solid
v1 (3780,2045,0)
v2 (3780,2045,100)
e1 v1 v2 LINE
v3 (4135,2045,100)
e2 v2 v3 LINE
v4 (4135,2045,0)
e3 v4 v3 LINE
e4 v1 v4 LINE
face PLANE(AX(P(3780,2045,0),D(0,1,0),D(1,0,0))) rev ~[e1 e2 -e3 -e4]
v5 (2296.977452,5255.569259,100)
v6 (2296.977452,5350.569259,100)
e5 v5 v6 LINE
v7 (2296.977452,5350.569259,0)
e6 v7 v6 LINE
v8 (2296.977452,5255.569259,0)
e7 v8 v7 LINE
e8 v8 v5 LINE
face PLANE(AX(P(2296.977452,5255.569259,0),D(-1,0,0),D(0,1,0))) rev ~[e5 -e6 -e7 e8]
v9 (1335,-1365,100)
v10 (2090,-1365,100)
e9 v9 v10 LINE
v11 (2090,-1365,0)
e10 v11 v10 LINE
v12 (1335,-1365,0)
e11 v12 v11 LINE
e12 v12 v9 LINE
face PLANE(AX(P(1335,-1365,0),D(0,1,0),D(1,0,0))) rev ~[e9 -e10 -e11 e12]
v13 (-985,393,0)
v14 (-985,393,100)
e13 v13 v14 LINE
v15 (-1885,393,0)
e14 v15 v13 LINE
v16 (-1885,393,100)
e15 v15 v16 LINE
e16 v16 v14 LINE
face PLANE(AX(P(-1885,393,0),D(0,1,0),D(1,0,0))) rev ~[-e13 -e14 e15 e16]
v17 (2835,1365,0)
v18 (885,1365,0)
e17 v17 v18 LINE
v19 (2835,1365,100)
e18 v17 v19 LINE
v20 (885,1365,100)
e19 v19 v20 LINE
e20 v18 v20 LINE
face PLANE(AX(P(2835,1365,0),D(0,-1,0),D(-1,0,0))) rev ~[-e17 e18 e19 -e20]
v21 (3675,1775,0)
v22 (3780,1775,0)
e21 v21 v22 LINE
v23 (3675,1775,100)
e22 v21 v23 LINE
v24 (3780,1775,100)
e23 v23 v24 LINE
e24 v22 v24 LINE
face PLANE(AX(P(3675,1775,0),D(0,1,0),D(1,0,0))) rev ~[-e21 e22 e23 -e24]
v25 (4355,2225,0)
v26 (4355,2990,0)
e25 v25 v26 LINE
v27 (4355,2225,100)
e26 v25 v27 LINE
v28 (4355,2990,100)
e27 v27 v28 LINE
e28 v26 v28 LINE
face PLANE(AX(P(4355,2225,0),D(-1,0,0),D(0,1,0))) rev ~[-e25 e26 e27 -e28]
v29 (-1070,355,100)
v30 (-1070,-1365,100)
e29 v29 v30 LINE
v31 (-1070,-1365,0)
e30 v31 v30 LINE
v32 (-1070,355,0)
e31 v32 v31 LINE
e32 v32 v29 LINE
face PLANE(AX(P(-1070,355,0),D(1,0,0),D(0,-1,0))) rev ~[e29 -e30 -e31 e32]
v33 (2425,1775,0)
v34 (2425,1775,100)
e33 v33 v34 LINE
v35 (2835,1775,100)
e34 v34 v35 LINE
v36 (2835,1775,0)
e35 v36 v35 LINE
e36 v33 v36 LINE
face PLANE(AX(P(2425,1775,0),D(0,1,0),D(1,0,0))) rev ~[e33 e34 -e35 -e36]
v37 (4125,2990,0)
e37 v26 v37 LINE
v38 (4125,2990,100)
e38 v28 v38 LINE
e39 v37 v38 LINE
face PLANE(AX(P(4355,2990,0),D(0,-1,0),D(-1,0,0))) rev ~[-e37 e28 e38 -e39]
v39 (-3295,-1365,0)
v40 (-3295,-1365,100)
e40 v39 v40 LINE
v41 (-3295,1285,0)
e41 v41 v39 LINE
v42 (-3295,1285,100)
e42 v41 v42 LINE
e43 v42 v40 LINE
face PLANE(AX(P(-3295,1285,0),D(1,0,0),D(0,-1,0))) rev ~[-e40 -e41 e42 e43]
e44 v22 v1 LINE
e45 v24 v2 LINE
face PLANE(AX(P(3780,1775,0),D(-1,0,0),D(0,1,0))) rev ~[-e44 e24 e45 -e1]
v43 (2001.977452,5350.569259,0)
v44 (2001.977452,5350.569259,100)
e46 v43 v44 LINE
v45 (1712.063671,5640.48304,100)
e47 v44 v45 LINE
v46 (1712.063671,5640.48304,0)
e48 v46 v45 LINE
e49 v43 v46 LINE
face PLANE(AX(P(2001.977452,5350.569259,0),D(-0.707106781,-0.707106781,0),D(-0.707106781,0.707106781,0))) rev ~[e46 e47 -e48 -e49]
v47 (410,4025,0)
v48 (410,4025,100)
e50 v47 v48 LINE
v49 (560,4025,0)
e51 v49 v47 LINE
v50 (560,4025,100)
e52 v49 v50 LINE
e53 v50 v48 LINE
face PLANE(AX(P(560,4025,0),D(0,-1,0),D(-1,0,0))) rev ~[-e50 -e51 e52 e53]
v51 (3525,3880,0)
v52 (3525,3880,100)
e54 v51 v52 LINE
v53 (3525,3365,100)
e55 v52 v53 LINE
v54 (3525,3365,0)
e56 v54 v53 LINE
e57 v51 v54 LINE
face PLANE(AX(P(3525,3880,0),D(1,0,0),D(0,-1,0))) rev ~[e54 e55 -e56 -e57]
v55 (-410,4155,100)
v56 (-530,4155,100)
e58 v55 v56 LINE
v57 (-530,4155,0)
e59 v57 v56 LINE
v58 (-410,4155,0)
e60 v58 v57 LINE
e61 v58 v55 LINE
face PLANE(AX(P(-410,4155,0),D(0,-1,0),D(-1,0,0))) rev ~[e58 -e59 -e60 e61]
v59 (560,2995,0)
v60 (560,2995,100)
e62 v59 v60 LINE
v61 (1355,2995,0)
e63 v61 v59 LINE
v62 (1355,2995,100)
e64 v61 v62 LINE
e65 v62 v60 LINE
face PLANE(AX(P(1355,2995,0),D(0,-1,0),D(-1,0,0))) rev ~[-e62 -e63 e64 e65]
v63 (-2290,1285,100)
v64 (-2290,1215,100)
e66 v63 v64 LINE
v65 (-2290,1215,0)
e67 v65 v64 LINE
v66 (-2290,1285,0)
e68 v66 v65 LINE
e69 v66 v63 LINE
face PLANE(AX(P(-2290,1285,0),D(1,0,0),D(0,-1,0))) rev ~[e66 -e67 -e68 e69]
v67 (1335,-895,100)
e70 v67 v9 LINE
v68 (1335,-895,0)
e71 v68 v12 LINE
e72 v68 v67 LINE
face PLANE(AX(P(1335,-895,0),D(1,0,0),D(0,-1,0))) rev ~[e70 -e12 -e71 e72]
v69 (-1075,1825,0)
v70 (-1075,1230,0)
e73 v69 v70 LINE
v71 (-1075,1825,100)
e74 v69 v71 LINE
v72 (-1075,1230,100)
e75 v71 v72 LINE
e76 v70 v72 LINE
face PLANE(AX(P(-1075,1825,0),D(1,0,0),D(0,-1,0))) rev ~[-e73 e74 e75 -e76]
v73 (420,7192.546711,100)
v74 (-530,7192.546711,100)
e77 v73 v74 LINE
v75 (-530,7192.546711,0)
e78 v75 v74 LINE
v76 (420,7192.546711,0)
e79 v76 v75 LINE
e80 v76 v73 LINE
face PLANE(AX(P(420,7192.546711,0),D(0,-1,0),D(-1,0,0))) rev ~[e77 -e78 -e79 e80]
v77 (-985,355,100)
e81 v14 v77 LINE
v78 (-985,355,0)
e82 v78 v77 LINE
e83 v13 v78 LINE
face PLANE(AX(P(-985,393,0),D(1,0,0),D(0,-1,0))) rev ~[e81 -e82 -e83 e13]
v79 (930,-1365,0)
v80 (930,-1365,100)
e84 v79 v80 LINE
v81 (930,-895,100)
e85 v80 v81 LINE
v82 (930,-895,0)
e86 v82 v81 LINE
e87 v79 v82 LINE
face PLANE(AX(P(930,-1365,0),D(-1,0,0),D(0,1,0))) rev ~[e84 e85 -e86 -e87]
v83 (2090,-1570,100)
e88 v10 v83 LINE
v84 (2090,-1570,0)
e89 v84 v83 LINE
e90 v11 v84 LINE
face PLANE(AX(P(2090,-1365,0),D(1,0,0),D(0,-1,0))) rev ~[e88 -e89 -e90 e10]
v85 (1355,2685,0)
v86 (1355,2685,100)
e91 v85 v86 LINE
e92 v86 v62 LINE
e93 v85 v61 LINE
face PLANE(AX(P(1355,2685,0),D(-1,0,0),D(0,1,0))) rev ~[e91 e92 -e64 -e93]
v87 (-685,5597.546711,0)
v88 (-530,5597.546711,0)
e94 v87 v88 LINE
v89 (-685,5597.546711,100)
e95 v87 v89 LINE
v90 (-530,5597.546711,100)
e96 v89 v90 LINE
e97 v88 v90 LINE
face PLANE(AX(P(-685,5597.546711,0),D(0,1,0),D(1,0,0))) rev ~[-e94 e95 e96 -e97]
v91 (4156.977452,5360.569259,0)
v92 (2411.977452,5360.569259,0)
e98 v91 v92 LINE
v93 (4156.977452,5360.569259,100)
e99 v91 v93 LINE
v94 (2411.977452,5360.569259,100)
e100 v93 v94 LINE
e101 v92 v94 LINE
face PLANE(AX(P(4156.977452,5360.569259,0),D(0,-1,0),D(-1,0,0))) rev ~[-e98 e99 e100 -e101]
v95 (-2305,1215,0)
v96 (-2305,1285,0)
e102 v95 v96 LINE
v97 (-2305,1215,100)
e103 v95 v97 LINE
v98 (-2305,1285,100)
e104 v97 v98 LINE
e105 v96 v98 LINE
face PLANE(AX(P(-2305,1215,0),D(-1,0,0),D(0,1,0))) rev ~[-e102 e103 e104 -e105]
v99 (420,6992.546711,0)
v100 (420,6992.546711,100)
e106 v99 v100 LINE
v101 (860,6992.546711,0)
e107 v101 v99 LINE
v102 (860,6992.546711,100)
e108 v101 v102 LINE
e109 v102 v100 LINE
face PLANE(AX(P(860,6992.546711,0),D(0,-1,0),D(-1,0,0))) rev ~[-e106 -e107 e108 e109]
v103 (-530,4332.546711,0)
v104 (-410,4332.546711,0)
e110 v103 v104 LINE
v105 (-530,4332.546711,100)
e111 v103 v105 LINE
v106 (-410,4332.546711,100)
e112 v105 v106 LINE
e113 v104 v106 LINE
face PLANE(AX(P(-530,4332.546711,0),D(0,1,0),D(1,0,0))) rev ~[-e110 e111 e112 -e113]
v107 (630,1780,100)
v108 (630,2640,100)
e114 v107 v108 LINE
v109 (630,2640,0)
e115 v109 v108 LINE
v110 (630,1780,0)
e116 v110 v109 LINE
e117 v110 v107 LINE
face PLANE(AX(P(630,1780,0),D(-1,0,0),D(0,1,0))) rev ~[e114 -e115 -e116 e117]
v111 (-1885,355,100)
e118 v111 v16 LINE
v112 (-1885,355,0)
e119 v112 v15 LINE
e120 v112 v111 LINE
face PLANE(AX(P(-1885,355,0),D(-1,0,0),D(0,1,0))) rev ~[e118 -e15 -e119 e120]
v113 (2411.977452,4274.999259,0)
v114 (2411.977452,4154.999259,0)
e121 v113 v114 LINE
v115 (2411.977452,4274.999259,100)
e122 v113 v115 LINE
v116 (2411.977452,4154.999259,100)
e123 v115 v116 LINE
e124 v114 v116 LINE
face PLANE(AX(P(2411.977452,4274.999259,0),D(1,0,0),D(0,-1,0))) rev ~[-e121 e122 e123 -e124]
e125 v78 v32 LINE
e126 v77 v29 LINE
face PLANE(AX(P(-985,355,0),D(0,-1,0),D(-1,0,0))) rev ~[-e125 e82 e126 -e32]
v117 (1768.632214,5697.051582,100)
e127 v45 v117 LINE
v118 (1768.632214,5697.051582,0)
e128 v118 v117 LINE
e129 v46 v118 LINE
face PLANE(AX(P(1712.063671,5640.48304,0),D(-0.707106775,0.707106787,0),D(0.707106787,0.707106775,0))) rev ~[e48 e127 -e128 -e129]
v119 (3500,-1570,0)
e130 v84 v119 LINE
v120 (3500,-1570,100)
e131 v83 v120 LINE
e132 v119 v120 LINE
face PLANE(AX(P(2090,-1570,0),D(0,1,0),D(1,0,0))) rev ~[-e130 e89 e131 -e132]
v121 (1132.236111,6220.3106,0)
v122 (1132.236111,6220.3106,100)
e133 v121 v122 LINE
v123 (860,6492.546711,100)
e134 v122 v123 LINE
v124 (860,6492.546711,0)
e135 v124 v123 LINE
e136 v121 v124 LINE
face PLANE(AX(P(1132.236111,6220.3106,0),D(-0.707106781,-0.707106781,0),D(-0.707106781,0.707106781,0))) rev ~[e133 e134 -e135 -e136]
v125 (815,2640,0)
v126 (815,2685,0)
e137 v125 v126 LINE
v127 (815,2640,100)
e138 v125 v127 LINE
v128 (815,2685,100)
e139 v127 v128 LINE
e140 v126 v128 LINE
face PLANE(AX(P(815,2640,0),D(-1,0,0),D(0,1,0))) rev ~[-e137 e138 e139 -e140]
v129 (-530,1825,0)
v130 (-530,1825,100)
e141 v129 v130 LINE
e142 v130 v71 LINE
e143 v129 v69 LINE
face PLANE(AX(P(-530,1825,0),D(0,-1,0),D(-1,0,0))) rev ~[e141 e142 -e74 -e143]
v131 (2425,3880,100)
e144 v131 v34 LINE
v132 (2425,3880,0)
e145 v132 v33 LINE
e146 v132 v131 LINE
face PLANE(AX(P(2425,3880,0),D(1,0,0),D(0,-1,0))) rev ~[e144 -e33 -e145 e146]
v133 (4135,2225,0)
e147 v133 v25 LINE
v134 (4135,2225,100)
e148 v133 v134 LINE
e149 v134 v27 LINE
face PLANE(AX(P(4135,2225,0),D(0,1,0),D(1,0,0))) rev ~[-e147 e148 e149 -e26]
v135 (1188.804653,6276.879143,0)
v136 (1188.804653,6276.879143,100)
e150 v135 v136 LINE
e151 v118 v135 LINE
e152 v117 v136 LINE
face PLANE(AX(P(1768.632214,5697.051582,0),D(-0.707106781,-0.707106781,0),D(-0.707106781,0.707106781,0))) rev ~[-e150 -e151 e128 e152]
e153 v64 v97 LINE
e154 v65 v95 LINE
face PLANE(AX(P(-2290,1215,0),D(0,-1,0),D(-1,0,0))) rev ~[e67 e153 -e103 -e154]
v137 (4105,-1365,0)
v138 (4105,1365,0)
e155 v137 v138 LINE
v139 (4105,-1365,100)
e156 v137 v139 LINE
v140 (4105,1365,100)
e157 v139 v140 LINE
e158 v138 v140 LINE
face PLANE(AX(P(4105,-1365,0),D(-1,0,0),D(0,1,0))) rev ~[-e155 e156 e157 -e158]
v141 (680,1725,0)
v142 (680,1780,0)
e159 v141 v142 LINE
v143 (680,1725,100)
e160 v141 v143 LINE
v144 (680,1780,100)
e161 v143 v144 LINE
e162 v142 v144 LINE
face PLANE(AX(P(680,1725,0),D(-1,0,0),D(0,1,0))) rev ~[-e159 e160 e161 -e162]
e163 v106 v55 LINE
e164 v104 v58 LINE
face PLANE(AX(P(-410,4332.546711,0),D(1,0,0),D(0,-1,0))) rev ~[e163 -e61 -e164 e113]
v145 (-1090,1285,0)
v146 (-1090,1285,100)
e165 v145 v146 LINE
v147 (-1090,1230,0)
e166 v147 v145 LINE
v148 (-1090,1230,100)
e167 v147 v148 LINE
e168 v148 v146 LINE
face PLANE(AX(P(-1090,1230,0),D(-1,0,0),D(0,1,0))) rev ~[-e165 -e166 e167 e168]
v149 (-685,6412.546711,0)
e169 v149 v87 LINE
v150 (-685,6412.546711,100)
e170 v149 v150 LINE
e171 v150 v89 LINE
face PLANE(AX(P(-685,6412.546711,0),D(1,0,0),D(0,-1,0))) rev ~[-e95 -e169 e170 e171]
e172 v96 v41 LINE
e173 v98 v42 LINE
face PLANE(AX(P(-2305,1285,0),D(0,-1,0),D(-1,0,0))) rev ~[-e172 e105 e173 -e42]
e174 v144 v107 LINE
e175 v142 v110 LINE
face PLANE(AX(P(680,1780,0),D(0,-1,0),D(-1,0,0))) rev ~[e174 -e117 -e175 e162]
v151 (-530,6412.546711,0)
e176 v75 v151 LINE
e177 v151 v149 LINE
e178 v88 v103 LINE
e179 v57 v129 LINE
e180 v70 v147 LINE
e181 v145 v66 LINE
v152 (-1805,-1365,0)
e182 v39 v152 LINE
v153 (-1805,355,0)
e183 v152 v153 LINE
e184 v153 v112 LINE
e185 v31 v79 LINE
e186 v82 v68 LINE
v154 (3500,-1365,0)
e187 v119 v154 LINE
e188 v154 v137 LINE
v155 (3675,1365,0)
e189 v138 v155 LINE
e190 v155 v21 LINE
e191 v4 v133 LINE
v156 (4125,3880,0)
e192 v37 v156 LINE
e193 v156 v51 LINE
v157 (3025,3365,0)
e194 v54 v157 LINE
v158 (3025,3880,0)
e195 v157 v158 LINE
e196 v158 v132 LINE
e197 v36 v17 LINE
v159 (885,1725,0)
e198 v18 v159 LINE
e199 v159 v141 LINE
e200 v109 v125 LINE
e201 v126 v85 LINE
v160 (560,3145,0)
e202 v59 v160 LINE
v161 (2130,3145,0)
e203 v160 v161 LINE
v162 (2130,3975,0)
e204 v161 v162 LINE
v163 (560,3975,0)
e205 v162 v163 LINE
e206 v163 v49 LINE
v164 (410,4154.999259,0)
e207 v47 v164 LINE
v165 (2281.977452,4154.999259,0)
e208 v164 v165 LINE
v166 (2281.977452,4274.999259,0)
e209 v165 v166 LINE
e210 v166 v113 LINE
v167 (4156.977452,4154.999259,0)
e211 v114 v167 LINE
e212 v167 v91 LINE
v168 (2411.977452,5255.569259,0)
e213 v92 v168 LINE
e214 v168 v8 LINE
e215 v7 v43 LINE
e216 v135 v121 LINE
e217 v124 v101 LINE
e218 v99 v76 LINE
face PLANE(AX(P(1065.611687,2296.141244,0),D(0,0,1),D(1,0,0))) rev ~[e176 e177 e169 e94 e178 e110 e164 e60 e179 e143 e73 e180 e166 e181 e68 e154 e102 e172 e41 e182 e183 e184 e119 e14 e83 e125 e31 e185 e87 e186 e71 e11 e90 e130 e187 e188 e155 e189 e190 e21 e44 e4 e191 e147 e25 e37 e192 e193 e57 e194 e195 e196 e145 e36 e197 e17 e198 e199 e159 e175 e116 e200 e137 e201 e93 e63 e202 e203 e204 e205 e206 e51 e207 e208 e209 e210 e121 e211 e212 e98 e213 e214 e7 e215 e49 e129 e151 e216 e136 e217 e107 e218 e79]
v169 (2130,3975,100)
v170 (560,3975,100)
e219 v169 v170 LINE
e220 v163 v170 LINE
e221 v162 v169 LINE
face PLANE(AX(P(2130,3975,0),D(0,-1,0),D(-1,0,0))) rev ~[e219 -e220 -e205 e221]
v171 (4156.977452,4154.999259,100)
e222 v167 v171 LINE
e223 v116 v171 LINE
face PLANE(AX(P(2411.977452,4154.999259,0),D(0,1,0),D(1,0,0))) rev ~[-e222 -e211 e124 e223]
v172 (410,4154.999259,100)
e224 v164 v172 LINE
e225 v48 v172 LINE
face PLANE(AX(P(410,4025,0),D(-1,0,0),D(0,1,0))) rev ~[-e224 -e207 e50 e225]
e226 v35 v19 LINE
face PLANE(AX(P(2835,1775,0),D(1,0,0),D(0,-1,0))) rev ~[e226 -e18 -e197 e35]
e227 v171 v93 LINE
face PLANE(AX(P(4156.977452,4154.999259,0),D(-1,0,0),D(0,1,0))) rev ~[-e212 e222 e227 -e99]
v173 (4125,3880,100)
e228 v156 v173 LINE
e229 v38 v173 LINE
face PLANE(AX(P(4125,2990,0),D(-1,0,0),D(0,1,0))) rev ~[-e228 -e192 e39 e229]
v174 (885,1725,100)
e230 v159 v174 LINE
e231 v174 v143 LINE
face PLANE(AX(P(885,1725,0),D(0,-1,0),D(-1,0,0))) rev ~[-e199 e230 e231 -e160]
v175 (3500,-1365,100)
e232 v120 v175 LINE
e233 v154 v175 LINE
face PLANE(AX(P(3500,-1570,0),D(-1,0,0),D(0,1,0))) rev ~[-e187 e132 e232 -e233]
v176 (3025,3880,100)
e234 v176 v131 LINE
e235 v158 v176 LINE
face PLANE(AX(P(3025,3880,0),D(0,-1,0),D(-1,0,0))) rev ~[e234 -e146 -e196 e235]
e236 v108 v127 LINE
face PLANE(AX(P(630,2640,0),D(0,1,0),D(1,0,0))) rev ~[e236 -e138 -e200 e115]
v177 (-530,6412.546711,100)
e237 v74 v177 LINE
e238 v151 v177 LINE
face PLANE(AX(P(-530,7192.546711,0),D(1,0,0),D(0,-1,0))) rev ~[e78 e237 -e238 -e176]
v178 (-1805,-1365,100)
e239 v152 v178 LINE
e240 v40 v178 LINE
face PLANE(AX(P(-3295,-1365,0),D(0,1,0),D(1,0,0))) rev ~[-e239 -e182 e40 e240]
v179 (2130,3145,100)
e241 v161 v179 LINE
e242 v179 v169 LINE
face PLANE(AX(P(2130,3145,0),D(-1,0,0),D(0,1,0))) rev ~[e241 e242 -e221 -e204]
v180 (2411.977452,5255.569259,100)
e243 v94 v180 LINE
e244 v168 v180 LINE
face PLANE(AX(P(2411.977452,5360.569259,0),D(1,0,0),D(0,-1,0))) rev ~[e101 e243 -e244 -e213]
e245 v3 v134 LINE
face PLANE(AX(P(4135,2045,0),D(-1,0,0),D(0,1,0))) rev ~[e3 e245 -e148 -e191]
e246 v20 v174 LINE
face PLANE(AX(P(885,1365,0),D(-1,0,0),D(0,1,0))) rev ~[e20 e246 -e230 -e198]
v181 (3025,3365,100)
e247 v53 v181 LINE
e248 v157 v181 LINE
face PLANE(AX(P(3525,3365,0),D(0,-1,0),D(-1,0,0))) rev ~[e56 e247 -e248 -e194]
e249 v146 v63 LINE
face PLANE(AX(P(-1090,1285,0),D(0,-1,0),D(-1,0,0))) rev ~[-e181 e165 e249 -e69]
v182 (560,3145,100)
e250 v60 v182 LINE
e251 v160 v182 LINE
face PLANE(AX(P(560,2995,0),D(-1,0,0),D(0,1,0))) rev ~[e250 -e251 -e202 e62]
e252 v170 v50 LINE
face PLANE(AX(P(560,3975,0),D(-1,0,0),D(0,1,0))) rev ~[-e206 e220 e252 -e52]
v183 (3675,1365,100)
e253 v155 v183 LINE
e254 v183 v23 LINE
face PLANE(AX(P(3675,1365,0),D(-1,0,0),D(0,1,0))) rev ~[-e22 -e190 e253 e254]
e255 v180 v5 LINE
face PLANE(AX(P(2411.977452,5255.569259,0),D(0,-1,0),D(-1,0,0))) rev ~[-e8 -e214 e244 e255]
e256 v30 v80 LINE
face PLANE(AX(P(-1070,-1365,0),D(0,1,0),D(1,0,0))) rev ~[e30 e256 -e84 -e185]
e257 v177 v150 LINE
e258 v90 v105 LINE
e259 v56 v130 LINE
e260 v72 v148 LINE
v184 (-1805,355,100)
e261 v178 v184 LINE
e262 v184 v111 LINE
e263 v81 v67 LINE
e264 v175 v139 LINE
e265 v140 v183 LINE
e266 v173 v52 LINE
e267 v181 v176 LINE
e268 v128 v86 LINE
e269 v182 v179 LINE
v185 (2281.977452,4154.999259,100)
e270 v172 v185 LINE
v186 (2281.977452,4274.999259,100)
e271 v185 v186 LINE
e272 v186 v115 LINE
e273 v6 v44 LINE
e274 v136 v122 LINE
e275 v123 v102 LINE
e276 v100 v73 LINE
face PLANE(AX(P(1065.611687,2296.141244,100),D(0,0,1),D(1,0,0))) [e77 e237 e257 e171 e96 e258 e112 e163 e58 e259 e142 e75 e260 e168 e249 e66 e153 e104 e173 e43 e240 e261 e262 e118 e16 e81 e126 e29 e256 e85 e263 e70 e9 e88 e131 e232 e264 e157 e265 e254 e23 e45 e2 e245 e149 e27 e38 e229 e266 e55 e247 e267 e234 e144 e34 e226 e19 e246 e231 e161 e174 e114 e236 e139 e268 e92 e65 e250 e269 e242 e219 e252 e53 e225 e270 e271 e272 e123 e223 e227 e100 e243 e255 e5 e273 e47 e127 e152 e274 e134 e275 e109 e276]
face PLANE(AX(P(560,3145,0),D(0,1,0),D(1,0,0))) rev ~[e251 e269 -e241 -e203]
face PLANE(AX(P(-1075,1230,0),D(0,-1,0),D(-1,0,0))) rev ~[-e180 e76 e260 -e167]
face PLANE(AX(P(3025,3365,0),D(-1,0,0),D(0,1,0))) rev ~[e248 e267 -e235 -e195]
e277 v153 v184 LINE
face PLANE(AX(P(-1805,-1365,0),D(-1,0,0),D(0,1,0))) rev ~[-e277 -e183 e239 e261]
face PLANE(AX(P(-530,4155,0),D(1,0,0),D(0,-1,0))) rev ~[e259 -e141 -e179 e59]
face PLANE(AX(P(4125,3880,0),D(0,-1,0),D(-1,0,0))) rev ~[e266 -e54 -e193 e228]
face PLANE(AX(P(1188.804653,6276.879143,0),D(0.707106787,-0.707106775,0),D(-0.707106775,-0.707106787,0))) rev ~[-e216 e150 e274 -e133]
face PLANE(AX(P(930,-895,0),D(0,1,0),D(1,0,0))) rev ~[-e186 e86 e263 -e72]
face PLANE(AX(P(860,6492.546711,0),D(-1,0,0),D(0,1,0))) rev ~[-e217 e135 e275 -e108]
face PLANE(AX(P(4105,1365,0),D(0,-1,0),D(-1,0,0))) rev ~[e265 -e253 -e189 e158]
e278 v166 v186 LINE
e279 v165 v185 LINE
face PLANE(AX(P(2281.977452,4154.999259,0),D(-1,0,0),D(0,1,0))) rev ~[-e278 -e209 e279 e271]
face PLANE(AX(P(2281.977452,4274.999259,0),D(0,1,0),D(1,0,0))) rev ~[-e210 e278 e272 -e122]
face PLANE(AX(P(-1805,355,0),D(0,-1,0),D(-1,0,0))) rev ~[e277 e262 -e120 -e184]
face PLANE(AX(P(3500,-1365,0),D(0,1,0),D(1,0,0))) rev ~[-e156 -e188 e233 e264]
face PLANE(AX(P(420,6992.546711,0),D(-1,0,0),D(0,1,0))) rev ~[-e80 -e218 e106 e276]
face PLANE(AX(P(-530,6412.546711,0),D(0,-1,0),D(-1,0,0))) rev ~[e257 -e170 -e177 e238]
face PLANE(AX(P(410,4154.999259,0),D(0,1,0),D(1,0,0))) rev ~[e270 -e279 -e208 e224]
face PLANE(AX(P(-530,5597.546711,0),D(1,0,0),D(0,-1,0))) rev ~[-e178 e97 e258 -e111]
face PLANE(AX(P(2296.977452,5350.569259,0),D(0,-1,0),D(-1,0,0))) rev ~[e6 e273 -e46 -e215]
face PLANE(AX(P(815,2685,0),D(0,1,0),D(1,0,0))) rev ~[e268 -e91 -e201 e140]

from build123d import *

# Parameters (mm, degrees)
F1_DEPTH = 100


with BuildPart() as f1:
    # F0 (on Top) → F1 (new body)
    with BuildSketch(Plane.XY):
        Polygon((4125, 2990), (4125, 3880), (3525, 3880), (3525, 3365), (3025, 3365), (3025, 3880), (2425, 3880), (2425, 1775), (2835, 1775), (2835, 1365), (885, 1365), (885, 1725), (680, 1725), (680, 1780), (630, 1780), (630, 2640), (815, 2640), (815, 2685), (1355, 2685), (1355, 2995), (560, 2995), (560, 3145), (2130, 3145), (2130, 3975), (560, 3975), (560, 4025), (410, 4025), (410, 4154.999259), (2281.977452, 4154.999259), (2281.977452, 4274.999259), (2411.977452, 4274.999259), (2411.977452, 4154.999259), (4156.977452, 4154.999259), (4156.977452, 5360.569259), (2411.977452, 5360.569259), (2411.977452, 5255.569259), (2296.977452, 5255.569259), (2296.977452, 5350.569259), (2001.977452, 5350.569259), (1712.063671, 5640.48304), (1768.632214, 5697.051582), (1188.804653, 6276.879143), (1132.236111, 6220.3106), (860, 6492.546711), (860, 6992.546711), (420, 6992.546711), (420, 7192.546711), (-530, 7192.546711), (-530, 6412.546711), (-685, 6412.546711), (-685, 5597.546711), (-530, 5597.546711), (-530, 4332.546711), (-410, 4332.546711), (-410, 4155), (-530, 4155), (-530, 1825), (-1075, 1825), (-1075, 1230), (-1090, 1230), (-1090, 1285), (-2290, 1285), (-2290, 1215), (-2305, 1215), (-2305, 1285), (-3295, 1285), (-3295, -1365), (-1805, -1365), (-1805, 355), (-1885, 355), (-1885, 393), (-985, 393), (-985, 355), (-1070, 355), (-1070, -1365), (930, -1365), (930, -895), (1335, -895), (1335, -1365), (2090, -1365), (2090, -1570), (3500, -1570), (3500, -1365), (4105, -1365), (4105, 1365), (3675, 1365), (3675, 1775), (3780, 1775), (3780, 2045), (4135, 2045), (4135, 2225), (4355, 2225), (4355, 2990), align=None)
    extrude(amount=F1_DEPTH)


solid = f1.part
